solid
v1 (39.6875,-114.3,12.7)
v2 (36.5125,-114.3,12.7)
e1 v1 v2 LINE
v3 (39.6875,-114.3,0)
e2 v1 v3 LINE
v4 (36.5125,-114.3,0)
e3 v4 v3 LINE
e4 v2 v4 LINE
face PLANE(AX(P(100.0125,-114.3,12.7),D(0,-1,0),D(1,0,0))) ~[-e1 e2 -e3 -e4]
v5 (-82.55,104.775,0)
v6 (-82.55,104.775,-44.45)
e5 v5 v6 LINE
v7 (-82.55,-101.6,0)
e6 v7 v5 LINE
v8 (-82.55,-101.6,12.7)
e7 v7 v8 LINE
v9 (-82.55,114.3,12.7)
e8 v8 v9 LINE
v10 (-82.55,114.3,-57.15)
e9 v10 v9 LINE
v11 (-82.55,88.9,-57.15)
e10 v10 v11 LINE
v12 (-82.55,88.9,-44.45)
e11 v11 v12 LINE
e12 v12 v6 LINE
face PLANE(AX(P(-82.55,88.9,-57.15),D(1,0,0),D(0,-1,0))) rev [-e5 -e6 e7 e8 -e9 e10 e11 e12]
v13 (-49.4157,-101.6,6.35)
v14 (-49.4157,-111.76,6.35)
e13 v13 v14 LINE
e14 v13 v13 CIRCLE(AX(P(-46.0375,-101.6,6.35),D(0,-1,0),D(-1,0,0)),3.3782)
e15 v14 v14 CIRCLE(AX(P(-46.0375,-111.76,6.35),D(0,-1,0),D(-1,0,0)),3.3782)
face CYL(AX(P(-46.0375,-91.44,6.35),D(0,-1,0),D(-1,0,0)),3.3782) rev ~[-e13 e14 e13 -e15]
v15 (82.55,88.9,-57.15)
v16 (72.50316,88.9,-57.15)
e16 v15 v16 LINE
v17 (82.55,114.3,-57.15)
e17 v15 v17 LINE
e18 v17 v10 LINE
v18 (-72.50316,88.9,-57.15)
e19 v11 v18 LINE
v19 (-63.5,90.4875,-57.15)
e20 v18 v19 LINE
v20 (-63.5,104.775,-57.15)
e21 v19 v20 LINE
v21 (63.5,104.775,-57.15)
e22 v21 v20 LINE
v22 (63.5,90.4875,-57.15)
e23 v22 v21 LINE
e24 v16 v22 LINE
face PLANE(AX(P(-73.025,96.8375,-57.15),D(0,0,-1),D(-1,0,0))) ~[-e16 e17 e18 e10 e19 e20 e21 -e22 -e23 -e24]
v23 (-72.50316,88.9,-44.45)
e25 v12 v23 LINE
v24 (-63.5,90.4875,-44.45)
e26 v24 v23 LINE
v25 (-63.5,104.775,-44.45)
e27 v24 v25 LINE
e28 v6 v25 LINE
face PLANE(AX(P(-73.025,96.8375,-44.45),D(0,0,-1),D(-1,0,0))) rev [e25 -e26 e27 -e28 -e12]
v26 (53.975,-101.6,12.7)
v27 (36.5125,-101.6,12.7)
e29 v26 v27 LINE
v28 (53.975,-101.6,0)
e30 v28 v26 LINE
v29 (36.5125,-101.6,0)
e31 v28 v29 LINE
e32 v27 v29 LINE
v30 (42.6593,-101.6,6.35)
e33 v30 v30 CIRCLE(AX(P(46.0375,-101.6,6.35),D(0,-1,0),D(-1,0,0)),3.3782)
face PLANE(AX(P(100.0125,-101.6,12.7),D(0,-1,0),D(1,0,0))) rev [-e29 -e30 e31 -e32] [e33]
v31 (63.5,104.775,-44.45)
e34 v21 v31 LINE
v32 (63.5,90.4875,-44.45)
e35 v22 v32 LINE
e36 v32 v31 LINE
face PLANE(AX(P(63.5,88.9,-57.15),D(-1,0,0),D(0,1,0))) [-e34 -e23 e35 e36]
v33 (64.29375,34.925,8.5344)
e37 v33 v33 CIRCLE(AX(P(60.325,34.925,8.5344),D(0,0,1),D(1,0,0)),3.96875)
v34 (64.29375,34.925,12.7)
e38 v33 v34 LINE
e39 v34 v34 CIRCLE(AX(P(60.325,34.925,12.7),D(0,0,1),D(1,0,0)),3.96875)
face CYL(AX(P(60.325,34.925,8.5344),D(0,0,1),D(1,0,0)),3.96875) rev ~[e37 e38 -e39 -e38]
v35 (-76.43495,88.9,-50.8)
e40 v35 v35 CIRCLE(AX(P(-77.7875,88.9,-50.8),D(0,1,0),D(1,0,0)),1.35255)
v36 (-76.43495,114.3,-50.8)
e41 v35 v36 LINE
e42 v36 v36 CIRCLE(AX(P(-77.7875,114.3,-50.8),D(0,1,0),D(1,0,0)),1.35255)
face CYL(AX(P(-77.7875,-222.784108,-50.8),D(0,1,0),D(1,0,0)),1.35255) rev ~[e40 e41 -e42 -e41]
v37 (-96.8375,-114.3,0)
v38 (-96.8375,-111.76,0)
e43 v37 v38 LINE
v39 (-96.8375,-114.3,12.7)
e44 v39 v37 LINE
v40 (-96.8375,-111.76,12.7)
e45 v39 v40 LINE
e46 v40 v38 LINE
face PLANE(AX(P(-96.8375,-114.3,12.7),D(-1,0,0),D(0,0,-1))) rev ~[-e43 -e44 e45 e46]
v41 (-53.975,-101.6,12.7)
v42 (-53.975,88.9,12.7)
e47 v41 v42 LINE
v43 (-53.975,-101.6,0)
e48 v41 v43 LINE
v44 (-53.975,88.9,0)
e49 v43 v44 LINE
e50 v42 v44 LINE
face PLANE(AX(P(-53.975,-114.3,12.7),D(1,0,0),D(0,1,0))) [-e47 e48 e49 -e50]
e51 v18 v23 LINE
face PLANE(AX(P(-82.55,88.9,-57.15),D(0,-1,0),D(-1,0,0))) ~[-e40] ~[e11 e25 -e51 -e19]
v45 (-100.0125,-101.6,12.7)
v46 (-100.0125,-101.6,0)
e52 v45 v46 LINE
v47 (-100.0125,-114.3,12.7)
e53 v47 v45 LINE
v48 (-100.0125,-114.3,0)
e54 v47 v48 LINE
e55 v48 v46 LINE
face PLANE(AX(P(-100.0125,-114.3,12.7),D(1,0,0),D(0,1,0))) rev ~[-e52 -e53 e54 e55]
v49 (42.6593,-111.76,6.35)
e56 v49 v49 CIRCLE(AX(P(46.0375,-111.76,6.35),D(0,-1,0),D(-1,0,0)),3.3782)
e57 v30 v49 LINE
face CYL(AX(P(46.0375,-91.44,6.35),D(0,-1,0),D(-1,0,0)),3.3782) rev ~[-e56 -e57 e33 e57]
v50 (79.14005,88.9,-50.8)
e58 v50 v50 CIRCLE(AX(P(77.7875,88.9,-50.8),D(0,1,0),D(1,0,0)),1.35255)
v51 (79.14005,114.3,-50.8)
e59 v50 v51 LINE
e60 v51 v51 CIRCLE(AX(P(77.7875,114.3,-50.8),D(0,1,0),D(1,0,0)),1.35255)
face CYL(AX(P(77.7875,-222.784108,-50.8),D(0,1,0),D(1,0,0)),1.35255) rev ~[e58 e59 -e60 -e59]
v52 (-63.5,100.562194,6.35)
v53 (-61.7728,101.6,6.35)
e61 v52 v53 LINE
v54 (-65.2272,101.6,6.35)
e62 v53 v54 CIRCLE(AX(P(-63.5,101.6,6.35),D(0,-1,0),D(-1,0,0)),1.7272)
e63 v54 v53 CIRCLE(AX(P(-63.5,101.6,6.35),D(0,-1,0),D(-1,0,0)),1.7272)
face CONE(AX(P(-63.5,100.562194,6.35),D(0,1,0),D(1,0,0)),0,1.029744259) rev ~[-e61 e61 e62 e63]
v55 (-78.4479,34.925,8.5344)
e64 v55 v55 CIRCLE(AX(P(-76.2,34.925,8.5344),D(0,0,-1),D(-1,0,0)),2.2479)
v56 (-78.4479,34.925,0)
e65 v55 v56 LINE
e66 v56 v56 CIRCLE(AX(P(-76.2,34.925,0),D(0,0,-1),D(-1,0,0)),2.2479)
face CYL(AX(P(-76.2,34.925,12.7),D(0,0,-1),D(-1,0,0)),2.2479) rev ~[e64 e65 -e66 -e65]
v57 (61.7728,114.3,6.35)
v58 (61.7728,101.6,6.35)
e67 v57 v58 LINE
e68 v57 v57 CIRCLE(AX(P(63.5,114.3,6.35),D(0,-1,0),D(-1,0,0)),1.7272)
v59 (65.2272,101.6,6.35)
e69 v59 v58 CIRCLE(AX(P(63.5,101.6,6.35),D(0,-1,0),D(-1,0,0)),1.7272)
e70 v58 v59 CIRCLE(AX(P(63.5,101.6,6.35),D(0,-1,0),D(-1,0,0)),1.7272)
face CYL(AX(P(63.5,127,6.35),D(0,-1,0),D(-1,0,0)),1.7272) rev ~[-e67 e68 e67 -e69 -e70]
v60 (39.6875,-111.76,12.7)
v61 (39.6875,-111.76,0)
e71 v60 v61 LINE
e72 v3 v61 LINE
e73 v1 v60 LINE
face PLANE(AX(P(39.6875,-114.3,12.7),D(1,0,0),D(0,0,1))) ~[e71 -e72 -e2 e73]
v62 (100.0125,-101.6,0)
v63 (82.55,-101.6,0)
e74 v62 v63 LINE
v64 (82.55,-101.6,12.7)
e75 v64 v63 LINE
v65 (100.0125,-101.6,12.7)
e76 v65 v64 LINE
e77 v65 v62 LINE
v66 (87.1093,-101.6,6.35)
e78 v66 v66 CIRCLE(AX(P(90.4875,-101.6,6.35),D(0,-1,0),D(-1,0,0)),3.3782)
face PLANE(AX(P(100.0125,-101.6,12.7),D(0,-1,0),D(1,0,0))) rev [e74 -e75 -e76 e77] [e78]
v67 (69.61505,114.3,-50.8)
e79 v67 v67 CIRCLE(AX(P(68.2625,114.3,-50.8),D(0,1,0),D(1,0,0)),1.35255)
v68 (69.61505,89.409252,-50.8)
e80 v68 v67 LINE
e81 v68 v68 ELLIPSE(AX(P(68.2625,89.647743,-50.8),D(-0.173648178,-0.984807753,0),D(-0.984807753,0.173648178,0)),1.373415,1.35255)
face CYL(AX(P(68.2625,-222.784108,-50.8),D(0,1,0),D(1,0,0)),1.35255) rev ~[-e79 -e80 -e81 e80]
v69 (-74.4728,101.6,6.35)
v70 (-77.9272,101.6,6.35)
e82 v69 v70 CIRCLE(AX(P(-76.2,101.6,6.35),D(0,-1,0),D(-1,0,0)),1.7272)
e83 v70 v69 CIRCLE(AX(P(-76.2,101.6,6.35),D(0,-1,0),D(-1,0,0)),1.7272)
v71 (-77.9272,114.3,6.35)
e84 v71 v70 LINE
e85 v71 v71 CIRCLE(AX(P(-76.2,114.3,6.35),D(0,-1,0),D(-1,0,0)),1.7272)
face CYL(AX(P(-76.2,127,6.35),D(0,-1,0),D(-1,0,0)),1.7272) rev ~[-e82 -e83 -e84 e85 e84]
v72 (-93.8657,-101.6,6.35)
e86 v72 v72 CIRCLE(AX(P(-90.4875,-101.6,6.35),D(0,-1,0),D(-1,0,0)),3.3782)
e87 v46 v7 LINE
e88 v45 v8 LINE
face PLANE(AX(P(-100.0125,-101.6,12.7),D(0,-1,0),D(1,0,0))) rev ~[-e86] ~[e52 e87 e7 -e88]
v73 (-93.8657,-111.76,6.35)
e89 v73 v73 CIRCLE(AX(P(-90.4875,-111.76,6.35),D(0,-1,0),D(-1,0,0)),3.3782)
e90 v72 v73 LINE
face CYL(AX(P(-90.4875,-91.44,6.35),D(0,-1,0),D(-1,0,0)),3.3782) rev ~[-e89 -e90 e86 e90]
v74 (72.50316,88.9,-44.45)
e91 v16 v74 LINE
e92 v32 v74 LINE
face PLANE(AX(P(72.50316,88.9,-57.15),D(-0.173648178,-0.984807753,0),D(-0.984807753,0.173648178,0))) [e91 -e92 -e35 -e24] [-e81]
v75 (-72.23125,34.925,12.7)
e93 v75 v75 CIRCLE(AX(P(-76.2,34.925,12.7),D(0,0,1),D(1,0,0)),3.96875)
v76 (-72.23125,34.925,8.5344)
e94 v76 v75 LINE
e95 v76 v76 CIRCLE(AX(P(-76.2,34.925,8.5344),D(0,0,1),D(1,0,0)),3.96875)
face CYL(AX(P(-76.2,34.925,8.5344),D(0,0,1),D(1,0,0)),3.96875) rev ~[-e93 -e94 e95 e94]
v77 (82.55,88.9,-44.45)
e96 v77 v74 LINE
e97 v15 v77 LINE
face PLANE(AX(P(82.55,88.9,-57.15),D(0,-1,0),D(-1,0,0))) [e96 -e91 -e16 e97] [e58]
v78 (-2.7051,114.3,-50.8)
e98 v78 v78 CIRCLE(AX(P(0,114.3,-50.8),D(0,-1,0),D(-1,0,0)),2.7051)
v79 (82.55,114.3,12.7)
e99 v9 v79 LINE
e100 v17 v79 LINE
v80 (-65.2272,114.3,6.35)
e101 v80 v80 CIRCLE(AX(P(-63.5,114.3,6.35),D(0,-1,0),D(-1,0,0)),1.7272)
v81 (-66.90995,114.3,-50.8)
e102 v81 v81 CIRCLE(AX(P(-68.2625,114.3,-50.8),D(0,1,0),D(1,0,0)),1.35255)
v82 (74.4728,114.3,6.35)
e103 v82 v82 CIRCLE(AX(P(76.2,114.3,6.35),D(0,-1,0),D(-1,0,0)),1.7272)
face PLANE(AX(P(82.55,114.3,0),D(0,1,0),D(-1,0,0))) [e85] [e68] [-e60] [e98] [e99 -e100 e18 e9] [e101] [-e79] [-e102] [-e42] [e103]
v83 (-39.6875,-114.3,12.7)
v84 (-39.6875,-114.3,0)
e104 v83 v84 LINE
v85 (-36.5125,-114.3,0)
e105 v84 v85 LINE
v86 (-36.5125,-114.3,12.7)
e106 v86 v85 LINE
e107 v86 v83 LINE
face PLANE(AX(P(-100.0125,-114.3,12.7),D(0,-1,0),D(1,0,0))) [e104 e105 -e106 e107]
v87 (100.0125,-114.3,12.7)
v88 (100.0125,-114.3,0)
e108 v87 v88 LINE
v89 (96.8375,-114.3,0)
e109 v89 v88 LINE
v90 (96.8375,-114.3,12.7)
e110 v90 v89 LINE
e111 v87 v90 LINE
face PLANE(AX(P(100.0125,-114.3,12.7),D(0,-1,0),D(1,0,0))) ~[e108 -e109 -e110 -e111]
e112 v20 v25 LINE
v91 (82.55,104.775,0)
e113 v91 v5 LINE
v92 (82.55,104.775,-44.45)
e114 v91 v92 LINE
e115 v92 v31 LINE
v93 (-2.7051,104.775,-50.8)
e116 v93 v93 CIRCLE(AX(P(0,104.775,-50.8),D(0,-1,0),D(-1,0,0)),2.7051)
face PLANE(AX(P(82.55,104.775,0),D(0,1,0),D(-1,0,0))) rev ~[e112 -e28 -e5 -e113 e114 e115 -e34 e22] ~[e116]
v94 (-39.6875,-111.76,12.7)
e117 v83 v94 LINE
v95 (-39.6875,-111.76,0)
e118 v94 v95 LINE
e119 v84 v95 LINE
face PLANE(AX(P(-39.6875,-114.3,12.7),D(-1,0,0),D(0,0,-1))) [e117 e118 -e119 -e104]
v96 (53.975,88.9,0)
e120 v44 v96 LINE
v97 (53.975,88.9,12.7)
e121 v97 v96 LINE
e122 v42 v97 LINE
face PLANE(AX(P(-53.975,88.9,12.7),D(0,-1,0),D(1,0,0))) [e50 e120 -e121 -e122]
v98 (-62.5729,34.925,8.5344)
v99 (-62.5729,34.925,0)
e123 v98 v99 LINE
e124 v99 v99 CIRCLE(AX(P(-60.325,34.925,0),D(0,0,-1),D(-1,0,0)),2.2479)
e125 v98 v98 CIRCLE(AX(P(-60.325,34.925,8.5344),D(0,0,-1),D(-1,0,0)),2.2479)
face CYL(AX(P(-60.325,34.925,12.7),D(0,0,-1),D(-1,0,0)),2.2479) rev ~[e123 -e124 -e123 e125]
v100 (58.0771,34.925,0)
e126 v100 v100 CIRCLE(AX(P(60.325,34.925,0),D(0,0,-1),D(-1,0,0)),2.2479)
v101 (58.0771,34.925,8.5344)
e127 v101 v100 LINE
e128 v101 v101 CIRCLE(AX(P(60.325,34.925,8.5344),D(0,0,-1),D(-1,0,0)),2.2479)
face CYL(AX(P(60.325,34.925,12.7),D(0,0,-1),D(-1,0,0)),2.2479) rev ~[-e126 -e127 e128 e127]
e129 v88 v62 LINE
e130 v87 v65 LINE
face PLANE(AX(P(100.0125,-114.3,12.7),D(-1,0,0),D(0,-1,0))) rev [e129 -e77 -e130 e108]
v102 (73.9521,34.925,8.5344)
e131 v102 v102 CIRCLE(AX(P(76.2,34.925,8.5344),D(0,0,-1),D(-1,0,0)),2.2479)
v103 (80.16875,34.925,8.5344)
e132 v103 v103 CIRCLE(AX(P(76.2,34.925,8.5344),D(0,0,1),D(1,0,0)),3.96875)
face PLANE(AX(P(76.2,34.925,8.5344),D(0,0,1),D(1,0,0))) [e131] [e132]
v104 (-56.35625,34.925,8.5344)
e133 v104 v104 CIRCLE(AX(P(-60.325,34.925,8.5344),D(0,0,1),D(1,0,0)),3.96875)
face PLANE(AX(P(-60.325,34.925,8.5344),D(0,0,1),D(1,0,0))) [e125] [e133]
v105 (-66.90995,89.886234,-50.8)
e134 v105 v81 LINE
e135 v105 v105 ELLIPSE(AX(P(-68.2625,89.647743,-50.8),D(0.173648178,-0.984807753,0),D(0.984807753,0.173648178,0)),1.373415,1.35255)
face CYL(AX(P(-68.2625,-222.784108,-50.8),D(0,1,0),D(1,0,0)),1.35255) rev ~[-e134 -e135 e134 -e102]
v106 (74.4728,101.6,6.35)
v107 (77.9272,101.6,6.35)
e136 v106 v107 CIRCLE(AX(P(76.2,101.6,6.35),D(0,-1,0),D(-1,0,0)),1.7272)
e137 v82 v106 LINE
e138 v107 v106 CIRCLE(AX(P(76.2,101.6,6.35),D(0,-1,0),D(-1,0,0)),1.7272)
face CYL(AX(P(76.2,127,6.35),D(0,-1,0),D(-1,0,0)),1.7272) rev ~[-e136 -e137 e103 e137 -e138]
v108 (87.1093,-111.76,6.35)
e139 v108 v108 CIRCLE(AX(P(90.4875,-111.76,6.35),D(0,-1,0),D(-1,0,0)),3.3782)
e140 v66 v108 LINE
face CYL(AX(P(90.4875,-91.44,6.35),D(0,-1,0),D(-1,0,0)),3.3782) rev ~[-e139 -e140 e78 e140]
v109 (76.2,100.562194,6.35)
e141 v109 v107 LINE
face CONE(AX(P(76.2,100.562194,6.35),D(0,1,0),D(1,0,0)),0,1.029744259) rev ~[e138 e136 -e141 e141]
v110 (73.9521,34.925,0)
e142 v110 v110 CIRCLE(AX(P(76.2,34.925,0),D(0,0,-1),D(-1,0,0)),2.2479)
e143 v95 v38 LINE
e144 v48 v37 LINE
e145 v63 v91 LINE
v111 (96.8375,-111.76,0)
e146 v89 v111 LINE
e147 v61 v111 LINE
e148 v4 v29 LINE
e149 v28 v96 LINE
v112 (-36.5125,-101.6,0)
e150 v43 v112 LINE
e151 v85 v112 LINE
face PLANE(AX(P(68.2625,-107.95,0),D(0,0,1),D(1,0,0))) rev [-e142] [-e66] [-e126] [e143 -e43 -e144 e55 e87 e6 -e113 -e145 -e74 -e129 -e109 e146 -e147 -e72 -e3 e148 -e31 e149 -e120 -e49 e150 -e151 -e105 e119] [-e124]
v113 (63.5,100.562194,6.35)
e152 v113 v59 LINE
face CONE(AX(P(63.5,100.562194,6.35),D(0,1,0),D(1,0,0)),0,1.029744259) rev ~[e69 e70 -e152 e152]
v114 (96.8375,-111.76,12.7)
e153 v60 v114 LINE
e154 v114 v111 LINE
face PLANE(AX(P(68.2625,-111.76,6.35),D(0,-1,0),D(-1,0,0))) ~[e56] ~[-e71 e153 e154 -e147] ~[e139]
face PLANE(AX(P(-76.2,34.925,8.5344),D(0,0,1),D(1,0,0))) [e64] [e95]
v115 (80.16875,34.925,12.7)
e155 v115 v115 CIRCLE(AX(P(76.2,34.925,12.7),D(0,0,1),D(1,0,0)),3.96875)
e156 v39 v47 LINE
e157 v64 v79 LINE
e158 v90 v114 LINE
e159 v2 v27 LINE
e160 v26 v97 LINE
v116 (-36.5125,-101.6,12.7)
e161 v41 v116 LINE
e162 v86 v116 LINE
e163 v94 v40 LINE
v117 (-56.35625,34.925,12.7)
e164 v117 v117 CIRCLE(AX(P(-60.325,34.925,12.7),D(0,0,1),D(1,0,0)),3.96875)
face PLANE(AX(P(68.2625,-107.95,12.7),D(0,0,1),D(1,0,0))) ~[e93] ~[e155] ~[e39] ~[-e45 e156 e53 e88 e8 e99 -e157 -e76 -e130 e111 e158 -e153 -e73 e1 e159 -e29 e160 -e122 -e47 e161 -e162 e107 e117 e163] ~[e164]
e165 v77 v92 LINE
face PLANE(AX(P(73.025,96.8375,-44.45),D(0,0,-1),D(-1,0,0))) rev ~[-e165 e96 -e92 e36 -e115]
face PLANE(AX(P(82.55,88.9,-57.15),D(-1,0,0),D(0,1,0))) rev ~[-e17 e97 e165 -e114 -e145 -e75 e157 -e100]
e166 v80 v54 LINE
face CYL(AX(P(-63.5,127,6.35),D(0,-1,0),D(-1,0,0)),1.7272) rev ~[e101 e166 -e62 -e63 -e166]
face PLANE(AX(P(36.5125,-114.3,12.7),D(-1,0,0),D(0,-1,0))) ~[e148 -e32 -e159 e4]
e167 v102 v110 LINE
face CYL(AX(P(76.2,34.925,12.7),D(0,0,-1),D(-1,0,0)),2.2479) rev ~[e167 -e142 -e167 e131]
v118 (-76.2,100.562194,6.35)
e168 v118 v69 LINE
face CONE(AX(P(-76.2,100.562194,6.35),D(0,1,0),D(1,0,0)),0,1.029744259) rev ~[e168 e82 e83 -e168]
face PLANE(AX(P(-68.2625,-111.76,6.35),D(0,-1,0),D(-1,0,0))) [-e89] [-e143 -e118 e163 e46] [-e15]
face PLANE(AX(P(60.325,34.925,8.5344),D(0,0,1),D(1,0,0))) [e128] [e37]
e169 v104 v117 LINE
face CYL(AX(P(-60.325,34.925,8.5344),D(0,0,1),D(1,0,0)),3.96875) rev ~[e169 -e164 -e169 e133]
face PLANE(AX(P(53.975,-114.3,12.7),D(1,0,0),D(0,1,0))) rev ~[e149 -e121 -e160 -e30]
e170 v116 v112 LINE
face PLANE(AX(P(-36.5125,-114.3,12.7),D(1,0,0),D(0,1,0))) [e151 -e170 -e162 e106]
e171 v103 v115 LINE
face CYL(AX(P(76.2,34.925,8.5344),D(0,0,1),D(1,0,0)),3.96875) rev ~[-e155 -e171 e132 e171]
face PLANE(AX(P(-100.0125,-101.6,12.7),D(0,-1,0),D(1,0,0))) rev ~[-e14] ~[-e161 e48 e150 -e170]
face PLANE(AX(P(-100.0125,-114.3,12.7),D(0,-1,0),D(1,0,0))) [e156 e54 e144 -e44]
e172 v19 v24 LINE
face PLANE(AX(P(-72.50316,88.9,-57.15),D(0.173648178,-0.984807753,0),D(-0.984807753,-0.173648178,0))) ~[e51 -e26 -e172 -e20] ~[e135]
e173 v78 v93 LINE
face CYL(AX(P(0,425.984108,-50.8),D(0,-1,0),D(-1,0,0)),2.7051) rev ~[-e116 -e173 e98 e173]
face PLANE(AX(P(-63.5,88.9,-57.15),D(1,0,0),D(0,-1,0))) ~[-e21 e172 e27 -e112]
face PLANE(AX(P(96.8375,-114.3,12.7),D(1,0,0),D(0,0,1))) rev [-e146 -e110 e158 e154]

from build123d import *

# Parameters (mm, degrees)
SKETCH1_W                                      = 165.1
SKETCH1_H                                      = 228.6
BOSS_EXTRUDE1_DEPTH                            = 12.7
SKETCH2_W                                      = 107.95
SKETCH2_H                                      = 203.2
CUT_EXTRUDE1_DEPTH                             = 142.563704741
SKETCH3_W                                      = 165.1
SKETCH3_H                                      = 9.525
BOSS_EXTRUDE2_DEPTH                            = 57.15
SKETCH4_W                                      = 19.05
SKETCH4_H                                      = 15.875
BOSS_EXTRUDE3_DEPTH                            = 12.7
CUT_EXTRUDE2_REACH                             = 159.347
SKETCH7_W                                      = 63.5
SKETCH7_H                                      = 12.7
BOSS_EXTRUDE4_DEPTH                            = 12.7
SKETCH8_W                                      = 57.15
SKETCH8_H                                      = 12.7
CUT_EXTRUDE4_DEPTH                             = 2.54
F_8_32_TAPPED_HOLE1_D                          = 3.4544
F_8_32_TAPPED_HOLE1_DEPTH                      = 12.7
F_8_32_TAPPED_HOLE1_TIP                        = 1.037806461
F_1_4_CLEARANCE_HOLE1_D                        = 6.7564
F_1_4_CLEARANCE_HOLE1_DEPTH                    = 10.16
F_6_32_TAPPED_HOLE2_D                          = 2.7051
F_1_4_28_TAPPED_HOLE1_D                        = 5.4102
CBORE_FOR_8_SOCKET_HEAD_CAP_SCREW1_D           = 4.4958
CBORE_FOR_8_SOCKET_HEAD_CAP_SCREW1_CBORE_D     = 7.9375
CBORE_FOR_8_SOCKET_HEAD_CAP_SCREW1_CBORE_DEPTH = 4.1656


with BuildPart() as part:
    # Sketch1 → Boss-Extrude1 (new body)
    with BuildSketch(Plane.XY):
        Rectangle(SKETCH1_W, SKETCH1_H)
    extrude(amount=BOSS_EXTRUDE1_DEPTH)

    # Sketch2 → Cut-Extrude1 (cut, through all)
    with BuildSketch(Plane.XY.offset(12.7)):
        with Locations((0, -12.7)):
            Rectangle(SKETCH2_W, SKETCH2_H)
    extrude(amount=-CUT_EXTRUDE1_DEPTH, mode=Mode.SUBTRACT)

    # Sketch3 → Boss-Extrude2 (add)
    with BuildSketch(Plane(origin=(0, 0, 0), x_dir=(-1, 0, 0), z_dir=(0, 0, -1))):
        with Locations((0, 109.5375)):
            Rectangle(SKETCH3_W, SKETCH3_H)
    extrude(amount=BOSS_EXTRUDE2_DEPTH)

    # Sketch4 → Boss-Extrude3 (add)
    with BuildSketch(Plane(origin=(0, 0, -57.15), x_dir=(-1, 0, 0), z_dir=(0, 0, -1))):
        with Locations((-73.025, 96.8375)):
            Rectangle(SKETCH4_W, SKETCH4_H)
    boss_extrude3 = extrude(amount=-BOSS_EXTRUDE3_DEPTH)

    # Mirror1: Boss-Extrude3 across plane
    add(boss_extrude3.mirror(Plane(origin=(0, 0, 0), x_dir=(0, 0, 1), z_dir=(1, 0, 0))))

    # Sketch5 → Cut-Extrude2 (cut, up to next)
    with BuildSketch(Plane(origin=(0, 0, -57.15), x_dir=(-1, 0, 0), z_dir=(0, 0, -1)), mode=Mode.PRIVATE) as cut_extrude2_sk1:
        Polygon((-72.503159889, 88.9), (-63.5, 90.4875), (-63.5, 88.9), align=None)
    cut_extrude2_tool1 = extrude(cut_extrude2_sk1.sketch, amount=-CUT_EXTRUDE2_REACH, mode=Mode.PRIVATE) & part.part
    cut_extrude2 = cut_extrude2_tool1.solids().sort_by_distance((66.501053, 89.429167, -57.15))[0]
    add(cut_extrude2, mode=Mode.SUBTRACT)

    # Mirror2: Cut-Extrude2 across plane
    add(cut_extrude2.mirror(Plane(origin=(0, 0, 0), x_dir=(0, 0, 1), z_dir=(1, 0, 0))), mode=Mode.SUBTRACT)

    # Sketch7 → Boss-Extrude4 (add)
    with BuildSketch(Plane.XY.offset(12.7)):
        with Locations((-68.2625, -107.95)):
            Rectangle(SKETCH7_W, SKETCH7_H)
    boss_extrude4 = extrude(amount=-BOSS_EXTRUDE4_DEPTH)

    # Sketch8 → Cut-Extrude4 (cut)
    with BuildSketch(Plane(origin=(0, -114.3, 0), x_dir=(-1, 0, 0), z_dir=(0, -1, 0))):
        with Locations((68.2625, -6.35)):
            Rectangle(SKETCH8_W, SKETCH8_H)
    cut_extrude4 = extrude(amount=-CUT_EXTRUDE4_DEPTH, mode=Mode.SUBTRACT)

    # Mirror3: Boss-Extrude4, Cut-Extrude4 across plane
    add(boss_extrude4.mirror(Plane(origin=(0, 0, 0), x_dir=(0, 0, 1), z_dir=(1, 0, 0))))
    add(cut_extrude4.mirror(Plane(origin=(0, 0, 0), x_dir=(0, 0, 1), z_dir=(1, 0, 0))), mode=Mode.SUBTRACT)

    # #8-32 Tapped Hole1
    with Locations(Plane(origin=(0, 114.3, 0), x_dir=(1, 0, 0), z_dir=(0, 1, 0))):
        with Locations((-76.2, -6.35), (-63.5, -6.35), (63.5, -6.35), (76.2, -6.35)):
            Hole(F_8_32_TAPPED_HOLE1_D / 2, depth=F_8_32_TAPPED_HOLE1_DEPTH)
            with Locations((0, 0, -(F_8_32_TAPPED_HOLE1_DEPTH + F_8_32_TAPPED_HOLE1_TIP / 2))):  # 118° drill point
                Cone(0, F_8_32_TAPPED_HOLE1_D / 2, F_8_32_TAPPED_HOLE1_TIP, mode=Mode.SUBTRACT)

    # 1/4 Clearance Hole1
    with Locations(Plane(origin=(0, -101.6, 0), x_dir=(1, 0, 0), z_dir=(0, 1, 0))):
        with Locations((-90.4875, -6.35), (-46.0375, -6.35), (46.0375, -6.35), (90.4875, -6.35)):
            Hole(F_1_4_CLEARANCE_HOLE1_D / 2, depth=F_1_4_CLEARANCE_HOLE1_DEPTH)

    # #6-32 Tapped Hole2 (through all)
    with Locations(Plane(origin=(0, 88.9, 0), x_dir=(-1, 0, 0), z_dir=(0, -1, 0))):
        with Locations((77.7875, 50.8), (68.2625, 50.8), (-77.7875, 50.8), (-68.2625, 50.8)):
            Hole(F_6_32_TAPPED_HOLE2_D / 2)

    # 1/4-28 Tapped Hole1 (through all)
    with Locations(Plane(origin=(0, 114.3, 0), x_dir=(1, 0, 0), z_dir=(0, 1, 0))):
        with Locations((0, 50.8)):
            Hole(F_1_4_28_TAPPED_HOLE1_D / 2)

    # CBORE for #8 Socket Head Cap Screw1 (through all)
    with Locations(Plane.XY.offset(12.7)):
        with Locations((-76.2, 34.925), (-60.325, 34.925), (60.325, 34.925), (76.2, 34.925)):
            CounterBoreHole(CBORE_FOR_8_SOCKET_HEAD_CAP_SCREW1_D / 2, CBORE_FOR_8_SOCKET_HEAD_CAP_SCREW1_CBORE_D / 2, CBORE_FOR_8_SOCKET_HEAD_CAP_SCREW1_CBORE_DEPTH)


solid = part.part
